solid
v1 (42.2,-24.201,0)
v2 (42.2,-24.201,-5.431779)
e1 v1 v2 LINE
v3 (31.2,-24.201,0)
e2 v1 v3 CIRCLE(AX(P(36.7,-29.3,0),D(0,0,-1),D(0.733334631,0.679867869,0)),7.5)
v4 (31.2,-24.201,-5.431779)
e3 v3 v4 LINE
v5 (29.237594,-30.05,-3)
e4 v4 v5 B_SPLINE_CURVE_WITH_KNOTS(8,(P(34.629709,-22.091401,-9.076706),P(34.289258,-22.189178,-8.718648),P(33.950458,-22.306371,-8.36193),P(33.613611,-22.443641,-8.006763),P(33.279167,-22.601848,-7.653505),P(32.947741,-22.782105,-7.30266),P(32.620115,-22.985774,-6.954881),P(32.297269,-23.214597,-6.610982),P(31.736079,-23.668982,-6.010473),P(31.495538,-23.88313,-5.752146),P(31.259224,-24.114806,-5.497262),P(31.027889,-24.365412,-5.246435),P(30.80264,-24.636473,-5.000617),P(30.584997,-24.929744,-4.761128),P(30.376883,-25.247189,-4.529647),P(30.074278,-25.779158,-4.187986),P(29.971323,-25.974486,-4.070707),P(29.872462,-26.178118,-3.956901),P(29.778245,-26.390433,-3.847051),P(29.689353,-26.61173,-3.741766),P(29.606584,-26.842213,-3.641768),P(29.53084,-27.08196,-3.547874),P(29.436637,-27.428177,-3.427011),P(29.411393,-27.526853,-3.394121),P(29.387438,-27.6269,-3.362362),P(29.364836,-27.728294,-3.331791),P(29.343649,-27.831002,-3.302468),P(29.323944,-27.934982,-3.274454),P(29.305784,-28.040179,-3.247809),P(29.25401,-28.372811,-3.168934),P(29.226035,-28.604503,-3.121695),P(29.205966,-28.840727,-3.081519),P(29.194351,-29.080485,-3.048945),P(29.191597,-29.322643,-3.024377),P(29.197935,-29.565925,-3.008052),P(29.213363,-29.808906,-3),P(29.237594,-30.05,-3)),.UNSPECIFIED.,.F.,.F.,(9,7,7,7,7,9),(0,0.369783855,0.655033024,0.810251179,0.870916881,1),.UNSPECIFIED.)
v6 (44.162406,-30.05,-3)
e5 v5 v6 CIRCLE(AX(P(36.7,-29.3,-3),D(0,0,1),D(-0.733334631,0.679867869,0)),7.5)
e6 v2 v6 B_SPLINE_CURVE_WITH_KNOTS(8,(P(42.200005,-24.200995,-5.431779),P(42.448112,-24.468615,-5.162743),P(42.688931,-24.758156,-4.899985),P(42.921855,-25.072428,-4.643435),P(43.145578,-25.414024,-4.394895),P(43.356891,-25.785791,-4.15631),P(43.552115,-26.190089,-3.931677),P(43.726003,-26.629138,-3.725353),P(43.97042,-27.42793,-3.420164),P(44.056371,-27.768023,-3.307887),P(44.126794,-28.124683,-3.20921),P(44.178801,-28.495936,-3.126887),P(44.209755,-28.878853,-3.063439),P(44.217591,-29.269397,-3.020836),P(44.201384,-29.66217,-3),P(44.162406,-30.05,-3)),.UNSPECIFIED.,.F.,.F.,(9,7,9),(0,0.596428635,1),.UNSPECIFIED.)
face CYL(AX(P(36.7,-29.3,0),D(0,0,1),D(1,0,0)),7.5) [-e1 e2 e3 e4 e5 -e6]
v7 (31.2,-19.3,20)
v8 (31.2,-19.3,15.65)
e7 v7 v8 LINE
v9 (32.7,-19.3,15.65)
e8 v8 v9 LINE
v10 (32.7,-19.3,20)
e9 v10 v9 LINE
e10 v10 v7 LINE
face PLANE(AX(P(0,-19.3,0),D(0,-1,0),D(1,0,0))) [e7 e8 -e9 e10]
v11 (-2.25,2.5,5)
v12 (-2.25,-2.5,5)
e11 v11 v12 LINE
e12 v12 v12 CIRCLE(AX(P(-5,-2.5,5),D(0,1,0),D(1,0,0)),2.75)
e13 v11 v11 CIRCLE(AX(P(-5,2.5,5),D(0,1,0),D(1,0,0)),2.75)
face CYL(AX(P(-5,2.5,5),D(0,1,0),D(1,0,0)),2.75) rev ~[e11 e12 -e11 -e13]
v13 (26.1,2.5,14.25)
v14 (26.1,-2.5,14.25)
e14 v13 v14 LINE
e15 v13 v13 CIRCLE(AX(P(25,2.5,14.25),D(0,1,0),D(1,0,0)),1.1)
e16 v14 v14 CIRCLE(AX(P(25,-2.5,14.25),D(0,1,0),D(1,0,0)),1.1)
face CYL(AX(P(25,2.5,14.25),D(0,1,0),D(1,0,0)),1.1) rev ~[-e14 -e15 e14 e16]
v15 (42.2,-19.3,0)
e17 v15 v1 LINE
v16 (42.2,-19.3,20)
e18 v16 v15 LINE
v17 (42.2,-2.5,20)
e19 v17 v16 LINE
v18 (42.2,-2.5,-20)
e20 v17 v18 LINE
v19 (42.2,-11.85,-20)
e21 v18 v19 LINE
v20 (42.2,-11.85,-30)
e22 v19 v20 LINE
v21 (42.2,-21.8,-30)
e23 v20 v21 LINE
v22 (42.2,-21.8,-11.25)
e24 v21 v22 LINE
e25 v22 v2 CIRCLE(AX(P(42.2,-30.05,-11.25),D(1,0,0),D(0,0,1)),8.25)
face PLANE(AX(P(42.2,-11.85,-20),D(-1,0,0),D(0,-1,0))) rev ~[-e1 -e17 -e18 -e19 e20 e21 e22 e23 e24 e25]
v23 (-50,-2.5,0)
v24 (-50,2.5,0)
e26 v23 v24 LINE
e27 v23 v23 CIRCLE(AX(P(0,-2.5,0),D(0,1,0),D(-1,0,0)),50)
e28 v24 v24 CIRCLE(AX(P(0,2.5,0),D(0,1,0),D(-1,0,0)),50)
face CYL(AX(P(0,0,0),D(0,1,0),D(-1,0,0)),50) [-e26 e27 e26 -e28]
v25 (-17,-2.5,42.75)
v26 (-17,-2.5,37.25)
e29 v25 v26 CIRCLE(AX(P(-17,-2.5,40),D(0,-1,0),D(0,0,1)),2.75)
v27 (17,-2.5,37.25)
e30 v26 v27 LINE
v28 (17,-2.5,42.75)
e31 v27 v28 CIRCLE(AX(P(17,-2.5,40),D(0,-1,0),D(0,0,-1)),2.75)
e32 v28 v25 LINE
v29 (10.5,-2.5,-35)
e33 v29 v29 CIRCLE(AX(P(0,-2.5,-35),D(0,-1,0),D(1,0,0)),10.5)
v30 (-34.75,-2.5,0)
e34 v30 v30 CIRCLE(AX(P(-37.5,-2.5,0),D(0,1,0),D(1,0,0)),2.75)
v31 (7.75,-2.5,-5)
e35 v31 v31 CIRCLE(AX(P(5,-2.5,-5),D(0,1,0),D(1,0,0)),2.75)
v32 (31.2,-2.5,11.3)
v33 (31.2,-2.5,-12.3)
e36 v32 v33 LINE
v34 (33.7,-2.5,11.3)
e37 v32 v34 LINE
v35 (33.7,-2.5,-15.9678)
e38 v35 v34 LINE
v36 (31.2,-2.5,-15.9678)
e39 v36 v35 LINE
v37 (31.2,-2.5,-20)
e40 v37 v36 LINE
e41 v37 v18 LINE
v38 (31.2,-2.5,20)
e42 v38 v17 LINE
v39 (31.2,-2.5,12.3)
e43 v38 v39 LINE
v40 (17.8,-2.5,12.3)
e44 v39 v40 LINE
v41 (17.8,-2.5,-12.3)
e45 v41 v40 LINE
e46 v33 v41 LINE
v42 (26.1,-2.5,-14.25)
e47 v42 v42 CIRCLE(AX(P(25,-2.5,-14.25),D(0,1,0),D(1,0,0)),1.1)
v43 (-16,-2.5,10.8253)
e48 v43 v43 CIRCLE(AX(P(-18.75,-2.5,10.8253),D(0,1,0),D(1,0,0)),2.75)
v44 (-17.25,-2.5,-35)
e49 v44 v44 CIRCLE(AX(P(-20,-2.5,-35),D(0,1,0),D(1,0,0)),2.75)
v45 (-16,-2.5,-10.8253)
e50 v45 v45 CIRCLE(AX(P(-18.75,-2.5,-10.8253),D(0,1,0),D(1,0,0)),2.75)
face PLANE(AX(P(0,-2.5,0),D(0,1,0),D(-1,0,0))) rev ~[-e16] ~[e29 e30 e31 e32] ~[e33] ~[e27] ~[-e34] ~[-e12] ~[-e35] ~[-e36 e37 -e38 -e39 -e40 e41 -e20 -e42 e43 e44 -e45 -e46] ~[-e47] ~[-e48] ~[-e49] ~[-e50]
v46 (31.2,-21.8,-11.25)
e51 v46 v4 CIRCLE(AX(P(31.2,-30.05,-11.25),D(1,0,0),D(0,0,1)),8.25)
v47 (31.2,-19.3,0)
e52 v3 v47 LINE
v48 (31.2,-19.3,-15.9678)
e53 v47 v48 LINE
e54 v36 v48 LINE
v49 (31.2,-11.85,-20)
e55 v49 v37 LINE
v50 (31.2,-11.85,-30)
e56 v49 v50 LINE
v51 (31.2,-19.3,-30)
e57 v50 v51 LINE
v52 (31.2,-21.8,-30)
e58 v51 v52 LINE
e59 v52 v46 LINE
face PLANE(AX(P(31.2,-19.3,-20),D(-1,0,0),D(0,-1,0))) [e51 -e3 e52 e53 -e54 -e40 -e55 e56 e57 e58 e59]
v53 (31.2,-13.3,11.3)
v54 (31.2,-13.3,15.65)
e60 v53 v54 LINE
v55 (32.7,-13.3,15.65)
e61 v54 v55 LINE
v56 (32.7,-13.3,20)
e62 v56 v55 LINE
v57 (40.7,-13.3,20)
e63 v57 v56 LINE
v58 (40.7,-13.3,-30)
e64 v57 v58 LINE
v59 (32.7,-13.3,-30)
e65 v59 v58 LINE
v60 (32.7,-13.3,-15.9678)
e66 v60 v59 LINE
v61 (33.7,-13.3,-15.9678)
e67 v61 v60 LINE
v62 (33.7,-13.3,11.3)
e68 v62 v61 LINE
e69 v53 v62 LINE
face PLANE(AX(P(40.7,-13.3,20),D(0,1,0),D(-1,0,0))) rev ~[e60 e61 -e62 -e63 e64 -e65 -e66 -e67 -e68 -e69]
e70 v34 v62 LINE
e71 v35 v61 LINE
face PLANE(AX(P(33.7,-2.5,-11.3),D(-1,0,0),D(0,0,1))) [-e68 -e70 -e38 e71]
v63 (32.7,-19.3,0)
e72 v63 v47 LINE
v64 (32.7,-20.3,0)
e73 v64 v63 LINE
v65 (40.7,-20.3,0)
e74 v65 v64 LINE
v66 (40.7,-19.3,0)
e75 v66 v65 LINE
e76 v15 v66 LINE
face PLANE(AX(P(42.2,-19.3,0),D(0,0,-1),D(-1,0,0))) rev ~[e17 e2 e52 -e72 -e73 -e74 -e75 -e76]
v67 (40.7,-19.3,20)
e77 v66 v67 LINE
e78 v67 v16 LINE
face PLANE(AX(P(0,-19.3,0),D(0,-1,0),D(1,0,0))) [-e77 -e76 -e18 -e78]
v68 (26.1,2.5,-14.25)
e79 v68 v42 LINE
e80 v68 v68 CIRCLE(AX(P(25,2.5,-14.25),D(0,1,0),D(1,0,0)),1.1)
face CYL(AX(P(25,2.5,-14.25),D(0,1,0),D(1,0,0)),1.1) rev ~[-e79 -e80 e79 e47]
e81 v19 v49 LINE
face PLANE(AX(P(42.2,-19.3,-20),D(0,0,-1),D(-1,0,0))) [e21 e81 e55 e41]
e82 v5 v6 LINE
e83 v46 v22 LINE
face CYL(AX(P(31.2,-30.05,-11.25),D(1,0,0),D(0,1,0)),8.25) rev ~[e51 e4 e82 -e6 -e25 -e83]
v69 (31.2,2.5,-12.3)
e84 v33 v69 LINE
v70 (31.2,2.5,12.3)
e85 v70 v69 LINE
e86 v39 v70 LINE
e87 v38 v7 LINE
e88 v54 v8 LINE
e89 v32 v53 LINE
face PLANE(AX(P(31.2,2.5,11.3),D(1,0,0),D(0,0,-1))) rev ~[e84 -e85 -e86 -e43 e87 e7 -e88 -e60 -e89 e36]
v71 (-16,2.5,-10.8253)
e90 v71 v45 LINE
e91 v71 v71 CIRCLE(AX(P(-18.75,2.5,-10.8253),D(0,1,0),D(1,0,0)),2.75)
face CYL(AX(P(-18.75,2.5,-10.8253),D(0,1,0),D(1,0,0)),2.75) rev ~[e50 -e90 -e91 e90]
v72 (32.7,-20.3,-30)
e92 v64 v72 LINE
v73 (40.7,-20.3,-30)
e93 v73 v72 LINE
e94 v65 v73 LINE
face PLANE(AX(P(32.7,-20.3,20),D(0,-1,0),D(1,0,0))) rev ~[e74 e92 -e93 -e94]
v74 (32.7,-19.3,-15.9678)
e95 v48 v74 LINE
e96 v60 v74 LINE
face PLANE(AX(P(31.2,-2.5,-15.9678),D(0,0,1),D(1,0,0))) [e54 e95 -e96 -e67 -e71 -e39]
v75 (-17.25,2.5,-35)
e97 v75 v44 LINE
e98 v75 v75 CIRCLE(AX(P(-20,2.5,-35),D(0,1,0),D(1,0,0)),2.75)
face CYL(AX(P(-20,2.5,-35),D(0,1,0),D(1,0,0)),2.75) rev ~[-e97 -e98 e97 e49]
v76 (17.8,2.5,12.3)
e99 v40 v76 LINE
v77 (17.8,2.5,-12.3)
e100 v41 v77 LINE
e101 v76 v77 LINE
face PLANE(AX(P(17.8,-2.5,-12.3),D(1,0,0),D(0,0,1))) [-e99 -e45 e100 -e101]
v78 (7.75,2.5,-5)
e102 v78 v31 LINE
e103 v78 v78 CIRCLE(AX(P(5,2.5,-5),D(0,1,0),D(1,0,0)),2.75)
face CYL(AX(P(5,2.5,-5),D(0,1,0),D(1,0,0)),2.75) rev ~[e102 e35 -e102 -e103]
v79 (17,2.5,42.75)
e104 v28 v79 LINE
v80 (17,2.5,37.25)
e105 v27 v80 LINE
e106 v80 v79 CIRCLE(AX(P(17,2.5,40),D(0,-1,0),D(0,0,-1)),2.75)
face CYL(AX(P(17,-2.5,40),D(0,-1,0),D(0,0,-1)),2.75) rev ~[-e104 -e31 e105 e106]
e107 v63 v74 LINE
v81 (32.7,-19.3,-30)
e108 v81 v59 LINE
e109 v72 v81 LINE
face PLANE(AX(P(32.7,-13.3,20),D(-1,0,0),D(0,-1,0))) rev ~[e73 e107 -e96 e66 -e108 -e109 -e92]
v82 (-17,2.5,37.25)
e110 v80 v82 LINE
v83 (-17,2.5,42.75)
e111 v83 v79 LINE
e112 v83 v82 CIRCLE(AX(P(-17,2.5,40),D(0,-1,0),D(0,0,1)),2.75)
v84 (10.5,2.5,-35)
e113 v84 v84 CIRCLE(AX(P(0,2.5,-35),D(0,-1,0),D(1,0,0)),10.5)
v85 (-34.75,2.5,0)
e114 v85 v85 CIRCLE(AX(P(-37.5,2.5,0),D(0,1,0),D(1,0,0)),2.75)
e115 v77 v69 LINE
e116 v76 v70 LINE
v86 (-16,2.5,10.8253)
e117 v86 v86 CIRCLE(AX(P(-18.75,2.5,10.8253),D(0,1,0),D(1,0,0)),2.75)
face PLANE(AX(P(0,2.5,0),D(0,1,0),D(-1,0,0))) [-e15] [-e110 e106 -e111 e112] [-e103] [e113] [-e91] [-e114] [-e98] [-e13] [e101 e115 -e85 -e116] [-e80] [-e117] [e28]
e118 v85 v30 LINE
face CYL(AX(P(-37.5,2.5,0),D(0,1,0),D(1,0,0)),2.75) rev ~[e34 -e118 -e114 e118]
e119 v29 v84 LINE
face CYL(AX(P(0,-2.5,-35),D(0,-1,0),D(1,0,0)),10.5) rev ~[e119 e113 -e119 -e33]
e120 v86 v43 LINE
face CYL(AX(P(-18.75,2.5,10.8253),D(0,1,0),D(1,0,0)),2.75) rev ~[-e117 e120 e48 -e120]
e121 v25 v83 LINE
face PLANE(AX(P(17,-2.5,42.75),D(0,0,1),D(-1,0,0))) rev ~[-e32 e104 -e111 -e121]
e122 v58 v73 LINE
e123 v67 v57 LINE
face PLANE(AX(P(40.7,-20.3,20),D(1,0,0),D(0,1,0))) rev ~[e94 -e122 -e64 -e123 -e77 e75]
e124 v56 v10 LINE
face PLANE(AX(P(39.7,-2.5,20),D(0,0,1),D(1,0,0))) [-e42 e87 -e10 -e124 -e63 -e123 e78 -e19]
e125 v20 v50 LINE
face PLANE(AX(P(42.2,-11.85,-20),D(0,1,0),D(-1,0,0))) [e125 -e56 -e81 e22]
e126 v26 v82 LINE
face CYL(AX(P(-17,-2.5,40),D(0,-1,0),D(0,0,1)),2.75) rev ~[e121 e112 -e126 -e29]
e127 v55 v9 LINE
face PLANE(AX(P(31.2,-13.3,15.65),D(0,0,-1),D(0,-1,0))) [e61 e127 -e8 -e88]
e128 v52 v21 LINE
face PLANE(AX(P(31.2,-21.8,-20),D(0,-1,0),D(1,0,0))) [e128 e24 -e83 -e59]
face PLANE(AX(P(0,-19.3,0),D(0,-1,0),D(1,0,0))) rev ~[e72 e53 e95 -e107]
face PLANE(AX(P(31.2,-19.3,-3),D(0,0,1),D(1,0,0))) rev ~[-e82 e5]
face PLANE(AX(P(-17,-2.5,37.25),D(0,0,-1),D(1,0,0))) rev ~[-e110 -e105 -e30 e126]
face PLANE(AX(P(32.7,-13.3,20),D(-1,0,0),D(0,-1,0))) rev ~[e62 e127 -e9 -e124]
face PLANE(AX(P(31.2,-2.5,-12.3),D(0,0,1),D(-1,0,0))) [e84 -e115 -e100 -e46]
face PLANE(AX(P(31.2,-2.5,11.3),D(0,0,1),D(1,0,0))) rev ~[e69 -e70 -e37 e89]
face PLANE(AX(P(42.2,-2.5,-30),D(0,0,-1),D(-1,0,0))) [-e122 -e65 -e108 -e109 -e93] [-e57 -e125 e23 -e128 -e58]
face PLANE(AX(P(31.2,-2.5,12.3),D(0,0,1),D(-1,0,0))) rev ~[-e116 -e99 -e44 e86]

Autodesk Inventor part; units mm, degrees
ref_plane "YZ Plane" through (0, 0, 0) normal (1, 0, 0) x (0, 1, 0)
ref_plane "XZ Plane" through (0, 0, 0) normal (0, 1, 0) x (-1, 0, 0)
ref_plane "XY Plane" through (0, 0, 0) normal (0, 0, 1) x (1, 0, 0)
sketch "Sketch1" plane through (0, 0, 0) normal (0, 1, 0) x (-1, 0, 0)
  circle A0 centre (0, 0) radius 50
  dimension "d0" = 100
extrude "Extrusion1" add sketch "Sketch1" along normal mid plane 5
sketch "Sketch2" plane through (0, 2.5, 0) normal (0, 1, 0) x (1, 0, 0)
  line L0 (-5, 5) -> (5, 5) construction
  line L1 (5, 5) -> (5, -5) construction
  line L2 (5, -5) -> (-5, -5) construction
  line L3 (-5, -5) -> (-5, 5) construction
  line L4 (-5, 5) -> (5, -5) construction
  line L5 (5, 5) -> (-5, -5) construction
  circle A0 centre (5, 5) radius 2.75
  circle A1 centre (-5, -5) radius 2.75
  point P0 (0, 0)
  dimension "d77" = 10
  dimension "d78" = 10
  dimension "d80" = 5.5
  dimension "d81" = 5.5
extrude "Extrusion2" cut sketch "Sketch2" against normal blind 10
sketch "Sketch3" plane through (0, 2.5, 0) normal (0, 1, 0) x (1, 0, 0)
  line L0 (0, 0) -> (25, 0) construction
  line L1 (18.8, -11.3) -> (31.2, -11.3)
  line L2 (31.2, -11.3) -> (31.2, 11.3)
  line L3 (31.2, 11.3) -> (18.8, 11.3)
  line L4 (18.8, 11.3) -> (18.8, -11.3)
  line L5 (18.8, -11.3) -> (31.2, 11.3) construction
  line L6 (31.2, -11.3) -> (18.8, 11.3) construction
  line L7 (25, 0) -> (25, 14.25) construction
  line L8 (25, 0) -> (25, -14.25) construction
  circle A0 centre (25, 14.25) radius 1.1
  circle A1 centre (25, -14.25) radius 1.1
  dimension "d9" = 25
  dimension "d10" = 12.4
  dimension "d11" = 22.6
  dimension "d21" = 14.25
  dimension "d22" = 14.25
  dimension "d23" = 2.2
  dimension "d24" = 2.2
extrude "Extrusion3" cut sketch "Sketch3" against normal blind 10
sketch "Sketch5" plane through (0, -2.5, 0) normal (0, -1, 0) x (1, 0, 0)
  line L0 (31.2, -11.3) -> (33.7, -11.3)
  line L1 (33.7, -11.3) -> (33.7, 11.3)
  line L2 (33.7, 11.3) -> (31.2, 11.3)
  line L3 (31.2, 11.3) -> (31.2, -11.3)
  line L4 (31.2, -11.3) -> (31.2, 11.3) construction
  line L5 (31.2, 0) -> (39.7, 0) construction
  line L6 (39.7, 0) -> (39.7, -20) construction
  line L7 (39.7, -20) -> (31.2, -20)
  line L8 (31.2, -20) -> (31.2, 20)
  line L9 (31.2, 20) -> (39.7, 20)
  line L10 (39.7, 20) -> (39.7, -20)
  line L11 (33.7, -11.3) -> (33.7, -20)
  line L12 (33.7, 11.3) -> (33.7, 20)
  point P0 (0, 0)
  point P1 (31.2, 11.3)
  dimension "d34" = 2.5
  dimension "d35" = 8.5
  dimension "d36" = 20
  dimension "d37" = 40
extrude "Extrusion5" add sketch "Sketch5" along normal blind 11.8 contours L1 L12 L9 L10 L7 L11
sketch "Sketch6" plane through (0, -2.5, 0) normal (0, -1, 0) x (1, 0, 0)
  line L0 (31.2, -11.3) -> (31.2, 11.3) projected
  line L1 (31.2, 0) -> (33.7, 0)
  line L2 (33.7, 0) -> (33.7, -20)
  line L3 (33.7, -20) -> (31.2, -20)
  line L4 (31.2, -20) -> (31.2, 0)
  line L5 (39.7, 20) -> (33.7, 20) projected
  line L6 (31.2, 0) -> (33.7, 0)
  line L7 (33.7, 0) -> (33.7, 20)
  line L8 (33.7, 20) -> (31.2, 20)
  line L9 (31.2, 20) -> (31.2, 0)
  line L10 (18.8, 11.3) -> (31.2, 11.3) projected
  line L11 (31.2, 11.3) -> (33.7, 11.3)
  line L12 (33.7, -20) -> (33.7, 20) projected
  line L13 (39.7, 20) -> (42.2, 20)
  line L14 (42.2, 20) -> (42.2, -20)
  line L15 (42.2, -20) -> (39.7, -20)
  line L16 (39.7, -20) -> (39.7, 20)
  line L17 (31.2, -15.9678) -> (33.7, -15.9678)
  point P0 (0, 0)
  point P1 (31.2, 11.3)
  dimension "d40" = 2.5
extrude "Extrusion6" add sketch "Sketch6" along normal blind 16.8 contours L13 L14 L15 L16 | L17 L2 L3 L4 | L9 L8 L7 L11
sketch "Sketch7" plane through (0, -19.3, 0) normal (0, -1, 0) x (1, 0, 0)
  line L0 (42.2, -20) -> (31.2, -20) projected
  line L1 (31.2, -20) -> (42.2, -20)
  line L2 (42.2, -20) -> (42.2, 0)
  line L3 (42.2, 0) -> (31.2, 0)
  line L4 (31.2, 0) -> (31.2, -20)
  point P0 (0, 0)
extrude "Extrusion7" add sketch "Sketch7" along normal blind 2.5
sketch "Sketch8" plane through (31.2, -19.3, 0) normal (0, 0, 1) x (1, 0, 0)
  line L0 (0, -2.5) -> (11, -2.5) construction
  line L1 (5.5, -2.5) -> (5.5, -10) construction
  circle A0 centre (5.5, -10) radius 7.5
  line L2 (0, 16.8) -> (0, -2.5) construction
  line L3 (11, 16.8) -> (11, -2.5) projected
  line L4 (11, -2.5) -> (11, -4.901)
  line L5 (0, -2.5) -> (0, -4.901)
  line L6 (11, -2.5) -> (0, -2.5)
  point P0 (-31.2, 19.3)
  dimension "d45" = 7.5
extrude "Extrusion8" add sketch "Sketch8" against normal blind 3
fillet "Fillet1" radius 8.25 1 edges at (36.7, -21.8, -3)
sketch "Sketch9" plane through (42.2, -2.5, -20) normal (0, 0, -1) x (-1, 0, 0)
  line L0 (11, -16.8) -> (8.5, -16.8) projected
  line L1 (8.5, -16.8) -> (2.5, -16.8)
  line L2 (2.5, -16.8) -> (2.5, -11.8)
  line L3 (2.5, -11.8) -> (8.5, -11.8)
  line L4 (8.5, -11.8) -> (8.5, -16.8)
  line L5 (11, 0) -> (11, -19.3) projected
  line L6 (0, 0) -> (0, -19.3) projected
  line L7 (11, -19.3) -> (0, -19.3)
  line L8 (0, -19.3) -> (0, -9.35)
  line L9 (0, -9.35) -> (11, -9.35)
  line L10 (11, -9.35) -> (11, -19.3)
  point P0 (42.2, 2.5)
  dimension "d49" = 9.95
extrude "Extrusion9" add sketch "Sketch9" along normal blind 10
sketch "Sketch12" plane through (0, 2.5, 0) normal (0, 1, 0) x (1, 0, 0)
  circle A0 centre (-25, 0) radius 12.5 construction
  line L0 (-25, 0) -> (-18.75, -10.8253) construction
  line L1 (-25, 0) -> (-37.5, 0) construction
  line L2 (-25, 0) -> (-18.75, 10.8253) construction
  circle A1 centre (-37.5, 0) radius 2.75
  circle A2 centre (-18.75, 10.8253) radius 2.75
  circle A3 centre (-18.75, -10.8253) radius 2.75
  point P0 (0, 0)
  dimension "d64" = 25
  dimension "d65" = 120
  dimension "d67" = 5.5
  dimension "d68" = 5.5
  dimension "d69" = 5.5
  dimension "d70" = 25
extrude "Extrusion12" cut sketch "Sketch12" against normal blind 10
sketch "Sketch13" plane through (0, -2.5, 0) normal (0, -1, 0) x (1, 0, 0)
  line L0 (0, 0) -> (0, -35) construction
  circle A0 centre (0, -35) radius 10.5
  dimension "d73" = 35
  dimension "d74" = 21
extrude "Extrusion13" cut sketch "Sketch13" against normal blind 10
sketch "Sketch14" plane through (31.2, -2.5, 20) normal (0, 0, 1) x (1, 0, 0)
  line L0 (8.5, -16.8) -> (2.5, -16.8)
  line L1 (2.5, -16.8) -> (2.5, -11.8)
  line L2 (2.5, -11.8) -> (8.5, -11.8)
  line L3 (8.5, -11.8) -> (8.5, -16.8)
  line L4 (1.5, -17.8) -> (9.5, -17.8)
  line L5 (9.5, -17.8) -> (9.5, -10.8)
  line L6 (9.5, -10.8) -> (1.5, -10.8)
  line L7 (1.5, -10.8) -> (1.5, -17.8)
  point P0 (-31.2, 2.5)
  dimension "d83" = 1
extrude "Extrusion14" cut sketch "Sketch14" against normal through all
sketch "Sketch17" plane through (0, -2.5, 0) normal (0, -1, 0) x (1, 0, 0)
  line L0 (0, 0) -> (0, 40) construction
  line L1 (-17, 40) -> (17, 40) construction
  line L2 (-17, 37.25) -> (17, 37.25)
  line L3 (17, 42.75) -> (-17, 42.75)
  arc A0 (-17, 42.75) -> (-17, 37.25) centre (-17, 40) ccw
  arc A1 (17, 37.25) -> (17, 42.75) centre (17, 40) ccw
  dimension "d104" = 17
  dimension "d105" = 5.5
extrude "Extrusion15" cut sketch "Sketch17" against normal through all
sketch "Sketch18" plane through (0, -2.5, 0) normal (0, -1, 0) x (1, 0, 0)
  line L0 (31.2, 20) -> (31.2, 11.3) projected
  line L1 (31.2, 11.3) -> (31.2, 12.3)
  line L2 (31.2, 12.3) -> (17.8, 12.3)
  line L3 (17.8, 12.3) -> (31.2, 12.3)
  line L4 (31.2, 12.3) -> (31.2, -12.3)
  line L5 (31.2, -12.3) -> (17.8, -12.3)
  line L6 (17.8, -12.3) -> (17.8, 12.3)
  point P0 (0, 0)
  dimension "d93" = 1
  dimension "d94" = 13.4
  dimension "d95" = 24.6
extrude "Extrusion16" cut sketch "Sketch18" against normal blind 10
sketch "Sketch19" plane through (31.2, -19.3, 11.3) normal (-1, 0, 0) x (0, 0, 1)
  line L0 (-27.2678, 6) -> (0, 6) projected
  line L1 (8.7, 0) -> (0, 0) projected
  line L2 (0, 6) -> (4.35, 6)
  line L3 (4.35, 6) -> (4.35, 0)
  line L4 (4.35, 0) -> (0, 0)
  line L5 (0, 0) -> (0, 6)
  point P0 (-11.3, 19.3)
extrude "Extrusion17" cut sketch "Sketch19" against normal up to surface (1.5 mm away)
sketch "Sketch22" plane through (0, 2.5, 0) normal (0, 1, 0) x (1, 0, 0)
  circle A0 centre (0, 35) radius 10.5 projected
  line L0 (0, 35) -> (-20, 35) construction
  circle A1 centre (-20, 35) radius 2.75
  point P0 (0, 0)
  dimension "d100" = 20
  dimension "d101" = 5.5
extrude "Extrusion18" cut sketch "Sketch22" against normal blind 10 contours A1
equation "\"d80\" = d82"
equation "\"d81\" = d82"
equation "\"d82\" = 5.5"
properties part number "EndEffectorPlate" material "ABS Plastic"
